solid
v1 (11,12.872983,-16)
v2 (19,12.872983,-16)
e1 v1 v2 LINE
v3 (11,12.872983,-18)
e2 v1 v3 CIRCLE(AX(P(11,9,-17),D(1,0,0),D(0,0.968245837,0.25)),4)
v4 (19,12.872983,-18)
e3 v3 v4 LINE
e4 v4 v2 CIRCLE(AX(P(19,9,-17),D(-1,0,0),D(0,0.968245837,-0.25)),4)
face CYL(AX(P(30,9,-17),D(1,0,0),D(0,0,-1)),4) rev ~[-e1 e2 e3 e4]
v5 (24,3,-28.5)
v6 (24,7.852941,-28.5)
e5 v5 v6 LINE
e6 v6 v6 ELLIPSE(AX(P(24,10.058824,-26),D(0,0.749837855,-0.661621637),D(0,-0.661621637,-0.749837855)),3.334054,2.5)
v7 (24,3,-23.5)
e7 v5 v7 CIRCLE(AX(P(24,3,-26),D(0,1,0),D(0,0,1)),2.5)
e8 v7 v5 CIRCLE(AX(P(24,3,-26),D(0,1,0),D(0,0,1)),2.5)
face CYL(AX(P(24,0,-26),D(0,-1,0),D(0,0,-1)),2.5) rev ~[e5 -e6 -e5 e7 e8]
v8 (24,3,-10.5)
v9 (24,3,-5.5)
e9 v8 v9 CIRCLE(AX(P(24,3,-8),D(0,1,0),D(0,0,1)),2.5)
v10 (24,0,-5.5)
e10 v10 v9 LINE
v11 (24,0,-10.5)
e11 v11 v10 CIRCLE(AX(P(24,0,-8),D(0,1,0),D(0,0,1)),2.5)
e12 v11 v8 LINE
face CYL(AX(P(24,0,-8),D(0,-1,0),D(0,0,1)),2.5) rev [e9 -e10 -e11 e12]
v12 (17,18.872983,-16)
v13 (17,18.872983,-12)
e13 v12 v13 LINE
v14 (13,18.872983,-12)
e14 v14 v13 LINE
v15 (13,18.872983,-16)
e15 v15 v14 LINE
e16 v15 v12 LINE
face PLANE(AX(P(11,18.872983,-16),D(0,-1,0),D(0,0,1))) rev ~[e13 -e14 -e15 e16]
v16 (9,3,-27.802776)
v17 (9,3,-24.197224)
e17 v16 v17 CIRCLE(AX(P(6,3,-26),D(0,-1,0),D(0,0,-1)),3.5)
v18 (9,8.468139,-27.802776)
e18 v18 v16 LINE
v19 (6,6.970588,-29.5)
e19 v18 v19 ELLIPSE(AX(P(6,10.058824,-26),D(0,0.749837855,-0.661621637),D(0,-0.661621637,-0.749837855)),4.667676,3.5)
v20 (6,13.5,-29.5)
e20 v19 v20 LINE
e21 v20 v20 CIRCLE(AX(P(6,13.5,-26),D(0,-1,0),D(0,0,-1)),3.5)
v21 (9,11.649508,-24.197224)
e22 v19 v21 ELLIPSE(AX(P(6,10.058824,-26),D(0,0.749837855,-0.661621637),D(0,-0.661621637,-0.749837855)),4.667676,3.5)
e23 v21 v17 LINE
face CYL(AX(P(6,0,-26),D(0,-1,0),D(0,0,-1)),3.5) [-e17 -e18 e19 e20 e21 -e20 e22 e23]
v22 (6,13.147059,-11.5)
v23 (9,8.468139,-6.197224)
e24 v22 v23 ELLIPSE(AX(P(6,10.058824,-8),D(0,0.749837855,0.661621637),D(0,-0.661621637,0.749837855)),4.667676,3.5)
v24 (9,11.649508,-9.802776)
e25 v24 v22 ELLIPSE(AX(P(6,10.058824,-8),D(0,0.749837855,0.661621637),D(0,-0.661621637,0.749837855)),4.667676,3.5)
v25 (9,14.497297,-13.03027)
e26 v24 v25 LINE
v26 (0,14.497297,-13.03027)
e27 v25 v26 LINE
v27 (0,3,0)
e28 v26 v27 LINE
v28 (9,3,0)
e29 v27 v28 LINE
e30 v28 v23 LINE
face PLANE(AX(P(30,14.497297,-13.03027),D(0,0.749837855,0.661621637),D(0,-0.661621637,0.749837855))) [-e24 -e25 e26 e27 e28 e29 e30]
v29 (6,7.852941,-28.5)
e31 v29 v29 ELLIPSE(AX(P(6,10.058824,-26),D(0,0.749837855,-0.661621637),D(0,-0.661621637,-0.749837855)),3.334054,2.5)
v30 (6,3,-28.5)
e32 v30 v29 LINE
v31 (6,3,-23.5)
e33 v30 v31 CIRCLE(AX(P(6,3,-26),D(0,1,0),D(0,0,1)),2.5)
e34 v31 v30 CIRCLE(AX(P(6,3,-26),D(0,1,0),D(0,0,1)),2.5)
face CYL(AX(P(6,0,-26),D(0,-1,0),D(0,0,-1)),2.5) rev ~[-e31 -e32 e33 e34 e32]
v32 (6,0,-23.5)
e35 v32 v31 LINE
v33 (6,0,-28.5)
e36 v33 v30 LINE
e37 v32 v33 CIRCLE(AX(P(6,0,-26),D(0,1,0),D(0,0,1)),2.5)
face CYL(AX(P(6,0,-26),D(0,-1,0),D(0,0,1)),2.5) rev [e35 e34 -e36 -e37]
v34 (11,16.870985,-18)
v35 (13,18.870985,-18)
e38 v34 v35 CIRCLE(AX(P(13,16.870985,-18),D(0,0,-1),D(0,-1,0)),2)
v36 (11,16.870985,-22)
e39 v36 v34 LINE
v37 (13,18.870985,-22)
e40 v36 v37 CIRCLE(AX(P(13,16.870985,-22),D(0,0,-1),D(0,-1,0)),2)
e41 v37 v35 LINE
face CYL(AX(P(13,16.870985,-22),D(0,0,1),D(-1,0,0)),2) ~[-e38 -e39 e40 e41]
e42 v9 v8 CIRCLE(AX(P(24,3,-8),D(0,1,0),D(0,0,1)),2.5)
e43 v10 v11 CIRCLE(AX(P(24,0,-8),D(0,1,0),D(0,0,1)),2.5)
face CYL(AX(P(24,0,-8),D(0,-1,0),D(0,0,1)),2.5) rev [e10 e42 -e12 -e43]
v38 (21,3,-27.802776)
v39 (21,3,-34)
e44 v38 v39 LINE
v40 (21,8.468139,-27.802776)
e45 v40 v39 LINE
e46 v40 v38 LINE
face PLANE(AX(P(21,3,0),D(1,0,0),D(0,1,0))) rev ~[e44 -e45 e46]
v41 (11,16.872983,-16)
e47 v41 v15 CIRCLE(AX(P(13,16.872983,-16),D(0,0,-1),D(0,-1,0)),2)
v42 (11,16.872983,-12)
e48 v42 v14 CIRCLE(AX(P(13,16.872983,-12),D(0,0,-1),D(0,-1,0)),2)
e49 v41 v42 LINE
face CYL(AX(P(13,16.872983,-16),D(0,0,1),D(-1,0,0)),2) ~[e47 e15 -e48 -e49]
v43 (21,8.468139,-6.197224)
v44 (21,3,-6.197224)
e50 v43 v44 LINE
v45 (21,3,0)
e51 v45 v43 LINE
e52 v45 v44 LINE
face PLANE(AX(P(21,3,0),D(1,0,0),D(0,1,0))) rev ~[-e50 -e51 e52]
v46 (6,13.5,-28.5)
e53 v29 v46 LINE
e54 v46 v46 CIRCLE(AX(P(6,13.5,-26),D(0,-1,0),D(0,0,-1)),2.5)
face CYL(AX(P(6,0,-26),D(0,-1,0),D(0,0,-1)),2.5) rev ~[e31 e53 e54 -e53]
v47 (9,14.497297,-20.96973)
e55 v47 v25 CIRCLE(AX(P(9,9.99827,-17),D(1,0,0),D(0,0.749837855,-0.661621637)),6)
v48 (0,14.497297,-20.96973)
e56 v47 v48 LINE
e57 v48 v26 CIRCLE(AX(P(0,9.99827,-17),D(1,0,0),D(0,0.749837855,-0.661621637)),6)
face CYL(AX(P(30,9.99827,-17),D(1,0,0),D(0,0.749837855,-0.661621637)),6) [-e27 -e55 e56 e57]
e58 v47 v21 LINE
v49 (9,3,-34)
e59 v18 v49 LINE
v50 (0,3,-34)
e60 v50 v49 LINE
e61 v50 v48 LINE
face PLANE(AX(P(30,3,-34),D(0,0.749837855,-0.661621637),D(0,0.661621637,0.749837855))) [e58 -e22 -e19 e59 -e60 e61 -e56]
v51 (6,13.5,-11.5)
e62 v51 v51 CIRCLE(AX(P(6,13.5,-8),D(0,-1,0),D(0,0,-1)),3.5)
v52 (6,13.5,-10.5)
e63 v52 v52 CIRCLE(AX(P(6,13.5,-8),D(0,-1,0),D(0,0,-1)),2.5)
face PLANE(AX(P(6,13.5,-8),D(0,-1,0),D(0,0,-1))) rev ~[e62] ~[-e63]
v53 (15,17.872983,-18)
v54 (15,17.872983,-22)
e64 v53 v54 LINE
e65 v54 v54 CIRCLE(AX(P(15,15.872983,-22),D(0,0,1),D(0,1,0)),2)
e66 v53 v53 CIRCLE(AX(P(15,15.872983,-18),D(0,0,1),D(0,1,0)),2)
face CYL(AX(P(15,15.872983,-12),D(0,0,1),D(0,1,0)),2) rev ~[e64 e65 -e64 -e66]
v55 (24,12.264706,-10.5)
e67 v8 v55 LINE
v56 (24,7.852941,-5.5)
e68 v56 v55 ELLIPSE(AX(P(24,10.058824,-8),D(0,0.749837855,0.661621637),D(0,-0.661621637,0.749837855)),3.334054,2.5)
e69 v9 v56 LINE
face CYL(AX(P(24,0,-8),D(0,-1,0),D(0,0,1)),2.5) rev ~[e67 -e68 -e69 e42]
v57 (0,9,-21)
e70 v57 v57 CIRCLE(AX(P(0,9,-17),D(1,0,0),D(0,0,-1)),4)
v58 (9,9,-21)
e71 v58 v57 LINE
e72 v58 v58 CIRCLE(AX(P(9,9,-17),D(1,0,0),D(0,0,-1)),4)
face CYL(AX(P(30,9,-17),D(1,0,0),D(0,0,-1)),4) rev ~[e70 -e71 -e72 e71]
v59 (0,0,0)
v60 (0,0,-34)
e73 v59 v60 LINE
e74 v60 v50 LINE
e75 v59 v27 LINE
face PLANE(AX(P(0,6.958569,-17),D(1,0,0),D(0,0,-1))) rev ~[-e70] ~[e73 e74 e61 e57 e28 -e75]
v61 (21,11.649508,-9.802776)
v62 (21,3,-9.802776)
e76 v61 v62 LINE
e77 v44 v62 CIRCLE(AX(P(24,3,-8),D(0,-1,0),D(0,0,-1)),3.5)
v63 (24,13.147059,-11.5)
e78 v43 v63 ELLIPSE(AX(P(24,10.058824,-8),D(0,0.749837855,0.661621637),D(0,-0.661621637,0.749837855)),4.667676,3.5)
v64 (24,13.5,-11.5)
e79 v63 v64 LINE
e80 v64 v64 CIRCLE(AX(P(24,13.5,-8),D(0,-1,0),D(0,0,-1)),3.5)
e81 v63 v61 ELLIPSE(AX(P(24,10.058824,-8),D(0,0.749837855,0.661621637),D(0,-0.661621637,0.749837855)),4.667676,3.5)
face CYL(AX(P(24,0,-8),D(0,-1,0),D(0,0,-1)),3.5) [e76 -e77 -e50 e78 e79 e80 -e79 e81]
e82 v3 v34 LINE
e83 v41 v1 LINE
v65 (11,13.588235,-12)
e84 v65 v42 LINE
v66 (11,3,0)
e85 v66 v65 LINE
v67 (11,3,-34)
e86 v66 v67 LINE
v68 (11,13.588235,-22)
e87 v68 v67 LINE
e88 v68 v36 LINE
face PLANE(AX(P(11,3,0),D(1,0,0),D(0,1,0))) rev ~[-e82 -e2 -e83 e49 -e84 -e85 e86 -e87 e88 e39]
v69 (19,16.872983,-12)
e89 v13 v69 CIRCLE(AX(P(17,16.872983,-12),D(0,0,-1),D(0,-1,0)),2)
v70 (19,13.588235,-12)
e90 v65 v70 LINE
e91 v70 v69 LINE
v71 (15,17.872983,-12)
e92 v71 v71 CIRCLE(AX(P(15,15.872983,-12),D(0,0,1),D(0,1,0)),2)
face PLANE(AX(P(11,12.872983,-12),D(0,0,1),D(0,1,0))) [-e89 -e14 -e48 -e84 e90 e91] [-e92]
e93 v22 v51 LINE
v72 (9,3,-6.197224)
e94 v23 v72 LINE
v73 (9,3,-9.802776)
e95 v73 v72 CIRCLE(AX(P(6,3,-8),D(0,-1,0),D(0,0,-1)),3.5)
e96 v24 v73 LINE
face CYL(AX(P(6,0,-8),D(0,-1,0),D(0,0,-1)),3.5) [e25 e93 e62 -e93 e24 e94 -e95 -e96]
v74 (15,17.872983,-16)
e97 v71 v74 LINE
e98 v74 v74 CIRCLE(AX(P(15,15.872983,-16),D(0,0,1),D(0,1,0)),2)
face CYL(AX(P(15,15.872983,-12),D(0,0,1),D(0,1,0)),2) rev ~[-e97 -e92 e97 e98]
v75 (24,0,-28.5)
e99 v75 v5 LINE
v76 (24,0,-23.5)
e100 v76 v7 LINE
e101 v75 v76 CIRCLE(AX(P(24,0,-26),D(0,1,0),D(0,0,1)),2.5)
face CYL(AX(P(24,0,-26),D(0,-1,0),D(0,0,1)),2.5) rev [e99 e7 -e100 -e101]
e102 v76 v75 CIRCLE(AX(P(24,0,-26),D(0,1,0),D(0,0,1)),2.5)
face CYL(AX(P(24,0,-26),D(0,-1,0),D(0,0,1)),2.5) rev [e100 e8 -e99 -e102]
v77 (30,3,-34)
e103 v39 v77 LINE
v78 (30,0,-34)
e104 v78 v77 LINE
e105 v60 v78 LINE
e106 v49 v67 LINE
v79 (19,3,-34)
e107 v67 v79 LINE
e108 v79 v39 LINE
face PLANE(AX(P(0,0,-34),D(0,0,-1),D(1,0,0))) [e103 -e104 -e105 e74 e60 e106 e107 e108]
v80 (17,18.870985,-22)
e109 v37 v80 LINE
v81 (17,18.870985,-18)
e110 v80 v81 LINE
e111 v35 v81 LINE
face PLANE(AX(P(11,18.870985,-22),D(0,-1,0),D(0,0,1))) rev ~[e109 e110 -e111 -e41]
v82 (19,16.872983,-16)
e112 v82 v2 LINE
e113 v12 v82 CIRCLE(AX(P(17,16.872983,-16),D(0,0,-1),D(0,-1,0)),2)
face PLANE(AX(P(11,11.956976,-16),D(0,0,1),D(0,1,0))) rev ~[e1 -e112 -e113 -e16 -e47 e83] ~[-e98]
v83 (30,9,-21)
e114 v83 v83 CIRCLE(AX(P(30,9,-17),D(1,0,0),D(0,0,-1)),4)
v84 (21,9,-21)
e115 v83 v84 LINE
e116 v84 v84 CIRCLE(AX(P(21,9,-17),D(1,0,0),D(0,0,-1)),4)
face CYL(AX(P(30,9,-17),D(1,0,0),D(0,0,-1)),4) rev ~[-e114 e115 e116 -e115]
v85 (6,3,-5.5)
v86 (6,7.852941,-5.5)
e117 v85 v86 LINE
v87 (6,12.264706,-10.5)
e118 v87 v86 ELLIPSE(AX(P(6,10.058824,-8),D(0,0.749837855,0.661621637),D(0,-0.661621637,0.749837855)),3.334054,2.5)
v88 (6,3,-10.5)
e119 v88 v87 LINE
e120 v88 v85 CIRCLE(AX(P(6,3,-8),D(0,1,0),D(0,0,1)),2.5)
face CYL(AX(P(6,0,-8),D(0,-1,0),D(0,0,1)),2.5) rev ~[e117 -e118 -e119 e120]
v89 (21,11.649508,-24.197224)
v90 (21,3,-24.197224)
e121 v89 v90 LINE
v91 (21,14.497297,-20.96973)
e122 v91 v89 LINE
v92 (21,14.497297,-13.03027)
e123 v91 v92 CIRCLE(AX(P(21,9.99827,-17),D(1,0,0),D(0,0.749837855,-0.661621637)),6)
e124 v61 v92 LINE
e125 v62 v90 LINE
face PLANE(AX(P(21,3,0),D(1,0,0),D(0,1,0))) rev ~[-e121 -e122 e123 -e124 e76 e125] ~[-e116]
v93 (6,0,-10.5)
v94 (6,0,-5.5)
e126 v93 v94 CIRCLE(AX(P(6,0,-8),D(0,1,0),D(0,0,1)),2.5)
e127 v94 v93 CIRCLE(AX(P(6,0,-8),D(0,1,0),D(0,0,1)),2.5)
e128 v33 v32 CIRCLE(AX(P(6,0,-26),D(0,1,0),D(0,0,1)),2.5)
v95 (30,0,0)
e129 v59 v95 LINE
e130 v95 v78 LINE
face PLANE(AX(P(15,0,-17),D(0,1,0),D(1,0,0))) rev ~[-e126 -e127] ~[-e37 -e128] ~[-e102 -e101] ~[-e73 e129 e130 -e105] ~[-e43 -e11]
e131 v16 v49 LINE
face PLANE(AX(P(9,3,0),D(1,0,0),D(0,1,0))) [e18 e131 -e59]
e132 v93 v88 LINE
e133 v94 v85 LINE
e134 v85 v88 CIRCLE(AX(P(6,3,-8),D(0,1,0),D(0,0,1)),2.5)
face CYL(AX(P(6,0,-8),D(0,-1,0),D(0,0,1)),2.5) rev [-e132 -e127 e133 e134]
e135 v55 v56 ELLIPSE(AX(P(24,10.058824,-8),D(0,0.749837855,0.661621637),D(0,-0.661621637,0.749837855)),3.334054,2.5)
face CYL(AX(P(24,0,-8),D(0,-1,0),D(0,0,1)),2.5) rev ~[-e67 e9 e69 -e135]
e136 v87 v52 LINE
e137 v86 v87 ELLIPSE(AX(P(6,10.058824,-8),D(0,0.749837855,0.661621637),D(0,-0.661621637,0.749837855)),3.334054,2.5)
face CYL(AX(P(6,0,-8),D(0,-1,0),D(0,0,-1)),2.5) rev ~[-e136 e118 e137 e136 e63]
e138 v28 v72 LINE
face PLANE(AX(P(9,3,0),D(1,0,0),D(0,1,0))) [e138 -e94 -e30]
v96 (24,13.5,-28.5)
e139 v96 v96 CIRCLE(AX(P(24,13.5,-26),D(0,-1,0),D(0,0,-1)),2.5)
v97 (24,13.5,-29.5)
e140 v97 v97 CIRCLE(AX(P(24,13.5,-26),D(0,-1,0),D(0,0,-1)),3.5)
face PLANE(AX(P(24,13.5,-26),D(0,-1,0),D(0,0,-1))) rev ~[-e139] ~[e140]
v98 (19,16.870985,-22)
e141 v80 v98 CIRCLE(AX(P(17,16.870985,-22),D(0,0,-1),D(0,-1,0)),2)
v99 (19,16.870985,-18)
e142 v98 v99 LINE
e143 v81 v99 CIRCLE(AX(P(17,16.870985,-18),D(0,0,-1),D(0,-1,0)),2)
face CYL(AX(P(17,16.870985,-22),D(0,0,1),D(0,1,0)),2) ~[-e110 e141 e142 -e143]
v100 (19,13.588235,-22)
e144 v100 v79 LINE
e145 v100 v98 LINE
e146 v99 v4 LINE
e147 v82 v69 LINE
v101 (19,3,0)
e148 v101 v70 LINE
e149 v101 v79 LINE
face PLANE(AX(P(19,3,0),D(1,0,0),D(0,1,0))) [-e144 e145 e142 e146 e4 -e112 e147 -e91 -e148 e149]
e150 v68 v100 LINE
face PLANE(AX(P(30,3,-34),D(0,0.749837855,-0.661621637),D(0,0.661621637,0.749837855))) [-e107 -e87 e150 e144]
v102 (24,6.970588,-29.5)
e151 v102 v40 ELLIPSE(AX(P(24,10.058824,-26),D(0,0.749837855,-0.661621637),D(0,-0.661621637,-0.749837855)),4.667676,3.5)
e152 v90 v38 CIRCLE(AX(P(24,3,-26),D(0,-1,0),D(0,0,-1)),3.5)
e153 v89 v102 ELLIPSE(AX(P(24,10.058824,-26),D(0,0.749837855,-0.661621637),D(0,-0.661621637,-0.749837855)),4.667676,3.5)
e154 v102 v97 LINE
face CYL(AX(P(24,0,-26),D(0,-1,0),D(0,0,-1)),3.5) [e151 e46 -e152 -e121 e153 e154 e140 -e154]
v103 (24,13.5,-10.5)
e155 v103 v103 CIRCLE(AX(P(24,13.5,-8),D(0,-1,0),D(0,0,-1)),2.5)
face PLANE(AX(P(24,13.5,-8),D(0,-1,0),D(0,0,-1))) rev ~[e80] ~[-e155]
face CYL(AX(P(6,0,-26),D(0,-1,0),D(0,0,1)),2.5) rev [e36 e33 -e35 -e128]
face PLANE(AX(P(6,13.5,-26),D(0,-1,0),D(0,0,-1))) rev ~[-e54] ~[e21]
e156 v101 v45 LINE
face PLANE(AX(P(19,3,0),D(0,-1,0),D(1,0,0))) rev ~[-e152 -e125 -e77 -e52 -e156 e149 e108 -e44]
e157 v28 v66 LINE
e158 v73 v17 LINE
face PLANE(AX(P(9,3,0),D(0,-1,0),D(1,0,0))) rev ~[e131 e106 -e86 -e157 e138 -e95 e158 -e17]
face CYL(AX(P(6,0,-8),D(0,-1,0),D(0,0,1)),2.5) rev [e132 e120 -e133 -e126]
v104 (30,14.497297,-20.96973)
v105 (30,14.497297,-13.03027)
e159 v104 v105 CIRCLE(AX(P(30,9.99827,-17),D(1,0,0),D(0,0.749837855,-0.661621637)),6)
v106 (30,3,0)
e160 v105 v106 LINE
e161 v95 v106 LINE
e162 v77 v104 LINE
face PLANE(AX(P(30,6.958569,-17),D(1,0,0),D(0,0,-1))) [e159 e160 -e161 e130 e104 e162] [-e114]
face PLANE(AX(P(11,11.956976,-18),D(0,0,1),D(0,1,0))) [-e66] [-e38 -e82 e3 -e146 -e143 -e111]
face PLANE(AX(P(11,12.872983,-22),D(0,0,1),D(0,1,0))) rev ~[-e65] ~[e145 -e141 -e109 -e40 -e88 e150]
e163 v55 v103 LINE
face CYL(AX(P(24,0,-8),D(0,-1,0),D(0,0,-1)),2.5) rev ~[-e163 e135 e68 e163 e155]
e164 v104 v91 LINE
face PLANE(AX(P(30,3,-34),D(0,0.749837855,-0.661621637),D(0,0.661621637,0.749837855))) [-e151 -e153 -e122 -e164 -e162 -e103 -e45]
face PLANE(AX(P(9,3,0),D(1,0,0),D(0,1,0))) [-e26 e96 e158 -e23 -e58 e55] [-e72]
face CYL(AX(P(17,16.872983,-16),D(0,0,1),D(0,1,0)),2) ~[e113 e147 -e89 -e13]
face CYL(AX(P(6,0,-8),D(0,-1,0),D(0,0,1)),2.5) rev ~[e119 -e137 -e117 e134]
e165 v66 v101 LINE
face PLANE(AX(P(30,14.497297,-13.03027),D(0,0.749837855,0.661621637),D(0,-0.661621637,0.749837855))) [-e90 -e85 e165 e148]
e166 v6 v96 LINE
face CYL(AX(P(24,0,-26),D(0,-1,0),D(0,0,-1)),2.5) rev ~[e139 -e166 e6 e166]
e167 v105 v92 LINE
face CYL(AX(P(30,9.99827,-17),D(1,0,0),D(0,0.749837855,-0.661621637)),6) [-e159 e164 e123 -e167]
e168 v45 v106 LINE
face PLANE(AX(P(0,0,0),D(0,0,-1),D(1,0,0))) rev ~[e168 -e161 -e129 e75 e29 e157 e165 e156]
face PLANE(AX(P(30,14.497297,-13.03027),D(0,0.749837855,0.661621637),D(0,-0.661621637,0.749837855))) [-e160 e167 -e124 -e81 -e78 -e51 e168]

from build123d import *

# Parameters (mm, degrees)
SKETCH1_W           = 30
SKETCH1_H           = 34
SKETCH1_R           = 2.5
BOSS_EXTRUDE1_DEPTH = 3
SKETCH2_R           = 4
BOSS_EXTRUDE2_DEPTH = 30
SKETCH3_R           = 2.5
CUT_EXTRUDE1_DEPTH  = 49.082685508
SKETCH4_W           = 2
SKETCH4_H           = 13.407026696
CUT_EXTRUDE2_DEPTH  = 49.082685508
CUT_EXTRUDE3_REACH  = 44.106
SKETCH5_W           = 2
SKETCH5_H           = 4.553085987
SKETCH6_W           = 4
SKETCH6_H           = 6
SKETCH6_H_2         = 5.998001256
BOSS_EXTRUDE3_DEPTH = 8
SKETCH7_R           = 2
CUT_EXTRUDE4_DEPTH  = 42.715578629
FILLET1_R           = 2
SKETCH8_R           = 3.5
SKETCH8_R_2         = 2.5
BOSS_EXTRUDE4_DEPTH = 13.5


with BuildPart() as part:
    # Sketch1 → Boss-Extrude1 (new body)
    with BuildSketch(Plane(origin=(0, 0, 0), x_dir=(1, 0, 0), z_dir=(0, 1, 0))):
        with Locations((15, 17)):
            Rectangle(SKETCH1_W, SKETCH1_H)
        with Locations(Location((6, 26, 0), (0, 0, 270))):
            Circle(SKETCH1_R, mode=Mode.SUBTRACT)
        with Locations(Location((24, 26, 0), (0, 0, 270))):
            Circle(SKETCH1_R, mode=Mode.SUBTRACT)
        with Locations(Location((6, 8, 0), (0, 0, 270))):
            Circle(SKETCH1_R, mode=Mode.SUBTRACT)
        with Locations(Location((24, 8, 0), (0, 0, 270))):
            Circle(SKETCH1_R, mode=Mode.SUBTRACT)
    extrude(amount=BOSS_EXTRUDE1_DEPTH)

    # Sketch2 → Boss-Extrude2 (add, through all)
    with BuildSketch(Plane(origin=(30, 0, 0), x_dir=(0, 0, -1), z_dir=(1, 0, 0))):
        with BuildLine():
            Line((34, 3), (20.969729823, 14.497297215))
            ThreePointArc((20.969729823, 14.497297215), (17, 15.998270083), (13.030270177, 14.497297215))
            Line((13.030270177, 14.497297215), (0, 3))
            Line((0, 3), (34, 3))
        make_face()
        with Locations((17, 9)):
            Circle(SKETCH2_R, mode=Mode.SUBTRACT)
    extrude(amount=-BOSS_EXTRUDE2_DEPTH)

    # Sketch3 → Cut-Extrude1 (cut, through all)
    with BuildSketch(Plane.XZ):
        with Locations(Location((6, -8, 0), (0, 0, 90))):
            Circle(SKETCH3_R)
        with Locations(Location((24, -8, 0), (0, 0, 90))):
            Circle(SKETCH3_R)
        with Locations(Location((24, -26, 0), (0, 0, 270))):
            Circle(SKETCH3_R)
        with Locations(Location((6, -26, 0), (0, 0, 270))):
            Circle(SKETCH3_R)
    extrude(amount=-CUT_EXTRUDE1_DEPTH, mode=Mode.SUBTRACT)

    # Sketch4 → Cut-Extrude2 (cut, through all)
    with BuildSketch(Plane.XY):
        with Locations((10, 9.703513348)):
            Rectangle(SKETCH4_W, SKETCH4_H)
        with Locations((20, 9.703513348)):
            Rectangle(SKETCH4_W, SKETCH4_H)
    extrude(amount=-CUT_EXTRUDE2_DEPTH, mode=Mode.SUBTRACT)

    # Sketch5 → Cut-Extrude3 (cut, up to next)
    with BuildSketch(Plane.ZY.offset(-11), mode=Mode.PRIVATE) as cut_extrude3_sk1:
        with Locations((-17, 14.233519348)):
            Rectangle(SKETCH5_W, SKETCH5_H)
    cut_extrude3_tool1 = extrude(cut_extrude3_sk1.sketch, amount=-CUT_EXTRUDE3_REACH, mode=Mode.PRIVATE) & part.part
    add(cut_extrude3_tool1.solids().sort_by_distance((11, 14.233519, -17))[0], mode=Mode.SUBTRACT)

    # Sketch6 → Boss-Extrude3 (add)
    with BuildSketch(Plane.ZY.offset(-11)):
        with Locations((-14, 15.872983346)):
            Rectangle(SKETCH6_W, SKETCH6_H)
        with Locations((-20, 15.871983974)):
            Rectangle(SKETCH6_W, SKETCH6_H_2)
    extrude(amount=-BOSS_EXTRUDE3_DEPTH)

    # Sketch7 → Cut-Extrude4 (cut, through all)
    with BuildSketch(Plane.XY.offset(-12)):
        with Locations(Location((15, 15.872983346, 0), (0, 0, 90))):
            Circle(SKETCH7_R)
    extrude(amount=-CUT_EXTRUDE4_DEPTH, mode=Mode.SUBTRACT)

    # Fillet1
    fillet1_edges = [part.edges().sort_by_distance(p)[0] for p in [
        (19, 18.872983346, -14),
        (11, 18.872983346, -14),
        (19, 18.870984602, -20),
        (11, 18.870984602, -20),
    ]]
    fillet(fillet1_edges, radius=FILLET1_R)

    # Sketch8 → Boss-Extrude4 (add)
    # profile 1 of 4: a face of its own
    with BuildSketch(Plane(origin=(0, 0, 0), x_dir=(-1, 0, 0), z_dir=(0, -1, 0))):
        with Locations(Location((-6, 8, 0), (0, 0, 90))):
            Circle(SKETCH8_R)
        with Locations(Location((-6, 8, 0), (0, 0, 90))):
            Circle(SKETCH8_R_2, mode=Mode.SUBTRACT)
    # profile 2 of 4: a face of its own
    with BuildSketch(Plane(origin=(0, 0, 0), x_dir=(-1, 0, 0), z_dir=(0, -1, 0))):
        with Locations(Location((-24, 8, 0), (0, 0, 90))):
            Circle(SKETCH8_R)
        with Locations(Location((-24, 8, 0), (0, 0, 90))):
            Circle(SKETCH8_R_2, mode=Mode.SUBTRACT)
    # profile 3 of 4: a face of its own
    with BuildSketch(Plane(origin=(0, 0, 0), x_dir=(-1, 0, 0), z_dir=(0, -1, 0))):
        with Locations(Location((-6, 26, 0), (0, 0, 90))):
            Circle(SKETCH8_R)
        with Locations(Location((-6, 26, 0), (0, 0, 90))):
            Circle(SKETCH8_R_2, mode=Mode.SUBTRACT)
    # profile 4 of 4: a face of its own
    with BuildSketch(Plane(origin=(0, 0, 0), x_dir=(-1, 0, 0), z_dir=(0, -1, 0))):
        with Locations(Location((-24, 26, 0), (0, 0, 90))):
            Circle(SKETCH8_R)
        with Locations(Location((-24, 26, 0), (0, 0, 90))):
            Circle(SKETCH8_R_2, mode=Mode.SUBTRACT)
    extrude(amount=-BOSS_EXTRUDE4_DEPTH)


solid = part.part
